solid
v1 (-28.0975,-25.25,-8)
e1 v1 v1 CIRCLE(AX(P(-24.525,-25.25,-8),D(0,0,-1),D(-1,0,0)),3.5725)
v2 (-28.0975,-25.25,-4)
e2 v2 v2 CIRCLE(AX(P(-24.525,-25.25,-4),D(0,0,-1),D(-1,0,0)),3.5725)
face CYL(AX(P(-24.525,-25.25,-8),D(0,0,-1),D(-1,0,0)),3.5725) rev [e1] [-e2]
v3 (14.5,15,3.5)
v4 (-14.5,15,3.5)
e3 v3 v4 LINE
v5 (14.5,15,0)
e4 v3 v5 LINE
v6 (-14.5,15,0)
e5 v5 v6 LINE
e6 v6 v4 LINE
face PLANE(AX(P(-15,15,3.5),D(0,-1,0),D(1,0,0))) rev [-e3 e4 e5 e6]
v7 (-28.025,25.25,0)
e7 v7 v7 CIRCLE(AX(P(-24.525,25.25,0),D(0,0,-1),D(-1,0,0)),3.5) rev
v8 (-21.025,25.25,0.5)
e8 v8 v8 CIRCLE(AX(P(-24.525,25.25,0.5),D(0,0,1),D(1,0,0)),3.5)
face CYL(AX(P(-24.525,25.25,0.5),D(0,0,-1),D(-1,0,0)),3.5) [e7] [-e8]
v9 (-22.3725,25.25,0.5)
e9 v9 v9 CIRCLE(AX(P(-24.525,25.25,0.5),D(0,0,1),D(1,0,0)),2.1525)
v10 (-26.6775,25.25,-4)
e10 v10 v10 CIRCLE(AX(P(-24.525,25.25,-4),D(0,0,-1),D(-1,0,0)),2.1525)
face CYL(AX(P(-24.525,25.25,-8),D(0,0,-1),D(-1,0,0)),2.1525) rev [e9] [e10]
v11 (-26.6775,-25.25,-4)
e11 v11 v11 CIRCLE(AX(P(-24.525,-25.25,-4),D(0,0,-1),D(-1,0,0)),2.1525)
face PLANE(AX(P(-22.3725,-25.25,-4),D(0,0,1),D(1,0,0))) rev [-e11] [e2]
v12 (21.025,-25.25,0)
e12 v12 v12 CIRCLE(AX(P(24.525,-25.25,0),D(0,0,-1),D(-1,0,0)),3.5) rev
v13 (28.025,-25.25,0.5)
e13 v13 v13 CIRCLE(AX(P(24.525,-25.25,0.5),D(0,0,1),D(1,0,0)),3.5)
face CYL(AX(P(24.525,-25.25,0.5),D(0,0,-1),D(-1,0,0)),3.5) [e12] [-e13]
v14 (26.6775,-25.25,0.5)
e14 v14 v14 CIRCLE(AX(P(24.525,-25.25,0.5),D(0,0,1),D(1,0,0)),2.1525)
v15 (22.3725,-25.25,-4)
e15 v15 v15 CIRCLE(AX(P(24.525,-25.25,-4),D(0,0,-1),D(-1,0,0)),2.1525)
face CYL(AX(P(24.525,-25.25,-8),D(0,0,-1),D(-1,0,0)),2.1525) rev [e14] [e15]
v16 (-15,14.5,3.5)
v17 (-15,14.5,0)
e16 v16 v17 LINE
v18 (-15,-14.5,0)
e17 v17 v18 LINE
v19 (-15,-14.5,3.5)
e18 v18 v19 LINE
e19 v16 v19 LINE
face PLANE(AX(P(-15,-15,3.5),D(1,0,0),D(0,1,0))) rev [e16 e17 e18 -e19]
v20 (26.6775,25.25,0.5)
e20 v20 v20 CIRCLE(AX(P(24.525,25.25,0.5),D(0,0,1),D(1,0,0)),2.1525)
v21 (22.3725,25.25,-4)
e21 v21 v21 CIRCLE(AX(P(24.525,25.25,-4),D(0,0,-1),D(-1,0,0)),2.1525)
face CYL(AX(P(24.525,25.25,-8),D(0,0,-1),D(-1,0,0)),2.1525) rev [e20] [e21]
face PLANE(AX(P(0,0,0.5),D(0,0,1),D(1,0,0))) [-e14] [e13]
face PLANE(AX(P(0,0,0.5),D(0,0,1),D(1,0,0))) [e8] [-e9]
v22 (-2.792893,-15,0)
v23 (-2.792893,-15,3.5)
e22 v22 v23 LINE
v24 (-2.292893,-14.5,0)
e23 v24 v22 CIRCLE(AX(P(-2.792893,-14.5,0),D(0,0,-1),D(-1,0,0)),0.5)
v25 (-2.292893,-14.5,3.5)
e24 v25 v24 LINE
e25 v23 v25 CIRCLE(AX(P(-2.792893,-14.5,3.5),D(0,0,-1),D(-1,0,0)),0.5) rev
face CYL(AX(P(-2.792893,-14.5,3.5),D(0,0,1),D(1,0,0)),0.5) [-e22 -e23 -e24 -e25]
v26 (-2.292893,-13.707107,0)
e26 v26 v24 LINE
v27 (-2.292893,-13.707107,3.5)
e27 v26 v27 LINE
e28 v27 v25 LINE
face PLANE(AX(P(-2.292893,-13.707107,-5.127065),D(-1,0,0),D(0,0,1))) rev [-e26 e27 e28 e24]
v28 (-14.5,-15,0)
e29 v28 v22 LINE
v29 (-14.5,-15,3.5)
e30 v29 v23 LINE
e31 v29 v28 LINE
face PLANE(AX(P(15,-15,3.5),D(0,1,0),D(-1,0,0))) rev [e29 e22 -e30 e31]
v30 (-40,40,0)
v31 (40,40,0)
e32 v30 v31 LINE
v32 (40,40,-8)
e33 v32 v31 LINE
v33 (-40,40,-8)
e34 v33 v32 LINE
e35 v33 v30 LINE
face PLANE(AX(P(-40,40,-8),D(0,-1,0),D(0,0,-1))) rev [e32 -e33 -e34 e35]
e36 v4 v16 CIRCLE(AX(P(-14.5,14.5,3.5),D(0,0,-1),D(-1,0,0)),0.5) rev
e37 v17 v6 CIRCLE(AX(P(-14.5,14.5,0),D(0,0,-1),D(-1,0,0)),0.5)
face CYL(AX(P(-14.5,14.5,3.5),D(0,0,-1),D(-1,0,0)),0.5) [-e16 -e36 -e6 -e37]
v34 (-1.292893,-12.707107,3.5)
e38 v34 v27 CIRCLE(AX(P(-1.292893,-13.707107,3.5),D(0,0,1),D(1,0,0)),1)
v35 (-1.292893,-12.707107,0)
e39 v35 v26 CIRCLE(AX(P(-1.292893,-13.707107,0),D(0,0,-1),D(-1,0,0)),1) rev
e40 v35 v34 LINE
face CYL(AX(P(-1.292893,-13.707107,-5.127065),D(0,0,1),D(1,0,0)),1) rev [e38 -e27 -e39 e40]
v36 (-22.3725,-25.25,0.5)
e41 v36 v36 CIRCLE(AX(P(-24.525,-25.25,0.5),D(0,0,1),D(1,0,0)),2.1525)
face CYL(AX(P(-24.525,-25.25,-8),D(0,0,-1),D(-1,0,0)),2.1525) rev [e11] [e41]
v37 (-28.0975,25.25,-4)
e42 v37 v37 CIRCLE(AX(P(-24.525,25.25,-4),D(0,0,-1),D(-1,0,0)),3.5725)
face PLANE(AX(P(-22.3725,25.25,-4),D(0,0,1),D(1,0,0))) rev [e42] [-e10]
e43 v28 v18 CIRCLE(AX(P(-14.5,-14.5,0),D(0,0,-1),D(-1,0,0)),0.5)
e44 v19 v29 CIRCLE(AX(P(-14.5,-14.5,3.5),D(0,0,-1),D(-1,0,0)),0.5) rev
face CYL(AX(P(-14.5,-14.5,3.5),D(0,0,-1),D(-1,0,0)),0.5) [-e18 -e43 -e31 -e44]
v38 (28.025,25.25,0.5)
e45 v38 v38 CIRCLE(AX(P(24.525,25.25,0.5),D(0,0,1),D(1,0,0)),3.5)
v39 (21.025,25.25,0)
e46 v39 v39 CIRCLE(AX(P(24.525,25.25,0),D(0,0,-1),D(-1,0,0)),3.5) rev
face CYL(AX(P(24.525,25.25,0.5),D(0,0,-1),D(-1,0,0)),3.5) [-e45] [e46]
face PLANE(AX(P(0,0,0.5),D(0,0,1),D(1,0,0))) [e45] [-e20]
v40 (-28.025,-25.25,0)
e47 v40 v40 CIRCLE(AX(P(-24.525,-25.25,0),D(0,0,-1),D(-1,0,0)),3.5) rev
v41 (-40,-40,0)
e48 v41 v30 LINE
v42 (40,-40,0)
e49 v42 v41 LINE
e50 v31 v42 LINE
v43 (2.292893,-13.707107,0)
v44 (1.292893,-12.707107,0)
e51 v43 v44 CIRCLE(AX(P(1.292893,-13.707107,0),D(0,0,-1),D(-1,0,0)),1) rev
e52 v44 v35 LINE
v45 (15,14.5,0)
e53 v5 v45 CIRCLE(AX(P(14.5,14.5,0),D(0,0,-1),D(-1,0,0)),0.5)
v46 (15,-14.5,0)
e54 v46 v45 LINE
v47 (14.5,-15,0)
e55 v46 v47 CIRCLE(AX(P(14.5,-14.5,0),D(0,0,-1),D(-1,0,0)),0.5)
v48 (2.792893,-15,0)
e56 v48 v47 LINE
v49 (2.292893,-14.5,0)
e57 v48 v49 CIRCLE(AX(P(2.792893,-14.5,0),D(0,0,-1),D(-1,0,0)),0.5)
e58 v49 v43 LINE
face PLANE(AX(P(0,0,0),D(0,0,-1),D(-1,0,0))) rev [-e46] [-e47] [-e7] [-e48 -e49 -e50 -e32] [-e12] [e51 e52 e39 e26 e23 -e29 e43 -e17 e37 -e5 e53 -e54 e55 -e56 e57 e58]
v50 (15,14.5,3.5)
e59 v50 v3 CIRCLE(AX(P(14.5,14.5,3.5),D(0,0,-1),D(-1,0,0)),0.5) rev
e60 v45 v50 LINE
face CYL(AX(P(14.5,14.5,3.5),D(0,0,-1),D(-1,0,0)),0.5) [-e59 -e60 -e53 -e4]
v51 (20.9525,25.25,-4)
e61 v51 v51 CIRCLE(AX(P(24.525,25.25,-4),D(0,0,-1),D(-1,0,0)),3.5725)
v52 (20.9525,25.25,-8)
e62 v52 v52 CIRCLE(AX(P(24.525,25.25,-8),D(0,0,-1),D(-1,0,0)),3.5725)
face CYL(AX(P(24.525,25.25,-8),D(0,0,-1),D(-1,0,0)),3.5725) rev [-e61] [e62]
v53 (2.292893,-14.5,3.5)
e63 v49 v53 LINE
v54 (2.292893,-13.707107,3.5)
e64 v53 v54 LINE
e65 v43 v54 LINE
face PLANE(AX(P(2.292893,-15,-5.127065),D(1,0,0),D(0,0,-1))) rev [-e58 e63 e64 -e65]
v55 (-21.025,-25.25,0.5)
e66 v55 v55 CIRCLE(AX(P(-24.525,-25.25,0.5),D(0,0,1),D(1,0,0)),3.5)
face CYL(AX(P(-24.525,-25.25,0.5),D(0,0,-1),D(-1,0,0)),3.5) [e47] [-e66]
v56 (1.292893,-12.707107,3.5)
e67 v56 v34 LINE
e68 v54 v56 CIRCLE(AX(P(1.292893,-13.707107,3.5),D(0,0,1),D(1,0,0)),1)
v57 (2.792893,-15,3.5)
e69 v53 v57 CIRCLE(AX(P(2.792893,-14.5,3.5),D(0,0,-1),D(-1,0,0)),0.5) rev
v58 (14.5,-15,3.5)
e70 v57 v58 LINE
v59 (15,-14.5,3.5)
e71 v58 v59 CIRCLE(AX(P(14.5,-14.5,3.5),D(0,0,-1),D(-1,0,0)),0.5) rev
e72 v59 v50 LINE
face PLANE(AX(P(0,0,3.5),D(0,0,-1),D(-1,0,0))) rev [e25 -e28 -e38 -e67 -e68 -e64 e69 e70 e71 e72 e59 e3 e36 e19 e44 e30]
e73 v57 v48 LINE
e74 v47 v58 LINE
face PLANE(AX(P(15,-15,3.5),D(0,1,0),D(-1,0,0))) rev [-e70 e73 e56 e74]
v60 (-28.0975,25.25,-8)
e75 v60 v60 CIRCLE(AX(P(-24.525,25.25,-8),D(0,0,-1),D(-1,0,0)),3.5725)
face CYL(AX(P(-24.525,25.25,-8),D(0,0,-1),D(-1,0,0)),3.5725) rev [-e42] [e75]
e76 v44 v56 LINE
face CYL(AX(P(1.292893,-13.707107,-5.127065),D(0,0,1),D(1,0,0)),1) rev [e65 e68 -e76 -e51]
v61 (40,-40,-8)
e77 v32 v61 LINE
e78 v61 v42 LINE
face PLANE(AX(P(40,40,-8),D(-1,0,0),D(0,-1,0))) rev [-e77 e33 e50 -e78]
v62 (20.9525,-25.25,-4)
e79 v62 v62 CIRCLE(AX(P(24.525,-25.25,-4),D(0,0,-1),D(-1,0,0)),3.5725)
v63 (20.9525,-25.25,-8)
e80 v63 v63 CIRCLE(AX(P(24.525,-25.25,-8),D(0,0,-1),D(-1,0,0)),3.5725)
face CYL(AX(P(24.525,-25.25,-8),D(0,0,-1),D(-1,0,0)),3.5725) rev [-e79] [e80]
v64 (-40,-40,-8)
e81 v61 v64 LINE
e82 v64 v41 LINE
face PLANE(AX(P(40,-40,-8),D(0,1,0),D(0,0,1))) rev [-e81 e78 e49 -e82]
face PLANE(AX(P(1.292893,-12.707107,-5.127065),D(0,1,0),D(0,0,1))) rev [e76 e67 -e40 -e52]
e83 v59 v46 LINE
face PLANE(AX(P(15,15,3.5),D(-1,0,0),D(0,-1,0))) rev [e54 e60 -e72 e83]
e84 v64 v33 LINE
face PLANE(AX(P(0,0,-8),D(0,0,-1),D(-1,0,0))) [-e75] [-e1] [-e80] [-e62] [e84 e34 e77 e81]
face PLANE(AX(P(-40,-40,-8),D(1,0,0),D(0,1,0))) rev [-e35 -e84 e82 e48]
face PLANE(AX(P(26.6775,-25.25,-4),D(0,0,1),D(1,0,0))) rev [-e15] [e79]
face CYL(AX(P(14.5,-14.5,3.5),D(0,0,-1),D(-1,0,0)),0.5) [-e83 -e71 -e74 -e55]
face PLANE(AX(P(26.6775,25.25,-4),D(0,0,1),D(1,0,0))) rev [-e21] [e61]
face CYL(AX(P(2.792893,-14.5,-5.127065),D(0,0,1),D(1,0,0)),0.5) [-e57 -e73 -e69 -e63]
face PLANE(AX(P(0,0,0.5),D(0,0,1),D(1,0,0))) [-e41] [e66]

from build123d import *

# Parameters (mm, degrees)
SKETCH1_W         = 30
SKETCH1_H         = 30
EXTRUSION1_DEPTH  = 3.5
SKETCH2_W         = 80
SKETCH2_H         = 80
EXTRUSION2_DEPTH  = 8
EXTRUSION3_DEPTH  = 3.5
FILLET1_R         = 0.5
HOLE2_D           = 4.305
HOLE2_DEPTH       = 8
HOLE2_CBORE_D     = 7.145
HOLE2_CBORE_DEPTH = 4
HOLE2_TIP         = 1.293352482
EXTRUSION4_START  = 0.5
SKETCH6_R         = 3.5
SKETCH6_R_2       = 2.1525
EXTRUSION4_DEPTH  = 0.5


with BuildPart() as part:
    # Sketch1 → Extrusion1 (new body)
    with BuildSketch(Plane.XY):
        Rectangle(SKETCH1_W, SKETCH1_H)
    extrude(amount=EXTRUSION1_DEPTH)

    # Sketch2 → Extrusion2 (add)
    with BuildSketch(Plane(origin=(0, 0, 0), x_dir=(-1, 0, 0), z_dir=(0, 0, -1))):
        Rectangle(SKETCH2_W, SKETCH2_H)
    extrude(amount=EXTRUSION2_DEPTH)

    # Sketch3 → Extrusion3 (cut)
    with BuildSketch(Plane.XY.offset(3.5)):
        with BuildLine():
            Line((-2.292893219, -15), (2.292893219, -15))
            Line((2.292893219, -15), (2.292893219, -13.707106781))
            ThreePointArc((2.292893219, -13.707106781), (2, -13), (1.292893219, -12.707106781))
            Line((1.292893219, -12.707106781), (-1.292893219, -12.707106781))
            ThreePointArc((-1.292893219, -12.707106781), (-2, -13), (-2.292893219, -13.707106781))
            Line((-2.292893219, -13.707106781), (-2.292893219, -15))
        make_face()
    extrude(amount=-EXTRUSION3_DEPTH, mode=Mode.SUBTRACT)

    # Fillet1
    fillet1_edges = [part.edges().sort_by_distance(p)[0] for p in [
        (2.292893219, -15, 1.75),
        (-2.292893219, -15, 1.75),
        (-15, 15, 1.75),
        (15, 15, 1.75),
        (15, -15, 1.75),
        (-15, -15, 1.75),
    ]]
    fillet(fillet1_edges, radius=FILLET1_R)

    # Hole2
    with Locations(Plane(origin=(0, 0, -8), x_dir=(-1, 0, 0), z_dir=(0, 0, -1))):
        with Locations((24.525, -25.25), (24.525, 25.25), (-24.525, 25.25), (-24.525, -25.25)):
            CounterBoreHole(HOLE2_D / 2, HOLE2_CBORE_D / 2, HOLE2_CBORE_DEPTH, depth=HOLE2_DEPTH)
            with Locations((0, 0, -(HOLE2_DEPTH + HOLE2_TIP / 2))):  # 118° drill point
                Cone(0, HOLE2_D / 2, HOLE2_TIP, mode=Mode.SUBTRACT)

    # Sketch6 → Extrusion4 (add)
    # profile 1 of 4: a face of its own
    with BuildSketch(Plane.XY.offset(EXTRUSION4_START)):
        with Locations(Location((-24.525, 25.25, 0), (0, 0, 180))):
            Circle(SKETCH6_R)
        with Locations(Location((-24.525, 25.25, 0), (0, 0, 180))):
            Circle(SKETCH6_R_2, mode=Mode.SUBTRACT)
    # profile 2 of 4: a face of its own
    with BuildSketch(Plane.XY.offset(EXTRUSION4_START)):
        with Locations(Location((24.525, 25.25, 0), (0, 0, 180))):
            Circle(SKETCH6_R)
        with Locations(Location((24.525, 25.25, 0), (0, 0, 180))):
            Circle(SKETCH6_R_2, mode=Mode.SUBTRACT)
    # profile 3 of 4: a face of its own
    with BuildSketch(Plane.XY.offset(EXTRUSION4_START)):
        with Locations(Location((-24.525, -25.25, 0), (0, 0, 180))):
            Circle(SKETCH6_R)
        with Locations(Location((-24.525, -25.25, 0), (0, 0, 180))):
            Circle(SKETCH6_R_2, mode=Mode.SUBTRACT)
    # profile 4 of 4: a face of its own
    with BuildSketch(Plane.XY.offset(EXTRUSION4_START)):
        with Locations(Location((24.525, -25.25, 0), (0, 0, 180))):
            Circle(SKETCH6_R)
        with Locations(Location((24.525, -25.25, 0), (0, 0, 180))):
            Circle(SKETCH6_R_2, mode=Mode.SUBTRACT)
    extrude(amount=-EXTRUSION4_DEPTH)


solid = part.part
